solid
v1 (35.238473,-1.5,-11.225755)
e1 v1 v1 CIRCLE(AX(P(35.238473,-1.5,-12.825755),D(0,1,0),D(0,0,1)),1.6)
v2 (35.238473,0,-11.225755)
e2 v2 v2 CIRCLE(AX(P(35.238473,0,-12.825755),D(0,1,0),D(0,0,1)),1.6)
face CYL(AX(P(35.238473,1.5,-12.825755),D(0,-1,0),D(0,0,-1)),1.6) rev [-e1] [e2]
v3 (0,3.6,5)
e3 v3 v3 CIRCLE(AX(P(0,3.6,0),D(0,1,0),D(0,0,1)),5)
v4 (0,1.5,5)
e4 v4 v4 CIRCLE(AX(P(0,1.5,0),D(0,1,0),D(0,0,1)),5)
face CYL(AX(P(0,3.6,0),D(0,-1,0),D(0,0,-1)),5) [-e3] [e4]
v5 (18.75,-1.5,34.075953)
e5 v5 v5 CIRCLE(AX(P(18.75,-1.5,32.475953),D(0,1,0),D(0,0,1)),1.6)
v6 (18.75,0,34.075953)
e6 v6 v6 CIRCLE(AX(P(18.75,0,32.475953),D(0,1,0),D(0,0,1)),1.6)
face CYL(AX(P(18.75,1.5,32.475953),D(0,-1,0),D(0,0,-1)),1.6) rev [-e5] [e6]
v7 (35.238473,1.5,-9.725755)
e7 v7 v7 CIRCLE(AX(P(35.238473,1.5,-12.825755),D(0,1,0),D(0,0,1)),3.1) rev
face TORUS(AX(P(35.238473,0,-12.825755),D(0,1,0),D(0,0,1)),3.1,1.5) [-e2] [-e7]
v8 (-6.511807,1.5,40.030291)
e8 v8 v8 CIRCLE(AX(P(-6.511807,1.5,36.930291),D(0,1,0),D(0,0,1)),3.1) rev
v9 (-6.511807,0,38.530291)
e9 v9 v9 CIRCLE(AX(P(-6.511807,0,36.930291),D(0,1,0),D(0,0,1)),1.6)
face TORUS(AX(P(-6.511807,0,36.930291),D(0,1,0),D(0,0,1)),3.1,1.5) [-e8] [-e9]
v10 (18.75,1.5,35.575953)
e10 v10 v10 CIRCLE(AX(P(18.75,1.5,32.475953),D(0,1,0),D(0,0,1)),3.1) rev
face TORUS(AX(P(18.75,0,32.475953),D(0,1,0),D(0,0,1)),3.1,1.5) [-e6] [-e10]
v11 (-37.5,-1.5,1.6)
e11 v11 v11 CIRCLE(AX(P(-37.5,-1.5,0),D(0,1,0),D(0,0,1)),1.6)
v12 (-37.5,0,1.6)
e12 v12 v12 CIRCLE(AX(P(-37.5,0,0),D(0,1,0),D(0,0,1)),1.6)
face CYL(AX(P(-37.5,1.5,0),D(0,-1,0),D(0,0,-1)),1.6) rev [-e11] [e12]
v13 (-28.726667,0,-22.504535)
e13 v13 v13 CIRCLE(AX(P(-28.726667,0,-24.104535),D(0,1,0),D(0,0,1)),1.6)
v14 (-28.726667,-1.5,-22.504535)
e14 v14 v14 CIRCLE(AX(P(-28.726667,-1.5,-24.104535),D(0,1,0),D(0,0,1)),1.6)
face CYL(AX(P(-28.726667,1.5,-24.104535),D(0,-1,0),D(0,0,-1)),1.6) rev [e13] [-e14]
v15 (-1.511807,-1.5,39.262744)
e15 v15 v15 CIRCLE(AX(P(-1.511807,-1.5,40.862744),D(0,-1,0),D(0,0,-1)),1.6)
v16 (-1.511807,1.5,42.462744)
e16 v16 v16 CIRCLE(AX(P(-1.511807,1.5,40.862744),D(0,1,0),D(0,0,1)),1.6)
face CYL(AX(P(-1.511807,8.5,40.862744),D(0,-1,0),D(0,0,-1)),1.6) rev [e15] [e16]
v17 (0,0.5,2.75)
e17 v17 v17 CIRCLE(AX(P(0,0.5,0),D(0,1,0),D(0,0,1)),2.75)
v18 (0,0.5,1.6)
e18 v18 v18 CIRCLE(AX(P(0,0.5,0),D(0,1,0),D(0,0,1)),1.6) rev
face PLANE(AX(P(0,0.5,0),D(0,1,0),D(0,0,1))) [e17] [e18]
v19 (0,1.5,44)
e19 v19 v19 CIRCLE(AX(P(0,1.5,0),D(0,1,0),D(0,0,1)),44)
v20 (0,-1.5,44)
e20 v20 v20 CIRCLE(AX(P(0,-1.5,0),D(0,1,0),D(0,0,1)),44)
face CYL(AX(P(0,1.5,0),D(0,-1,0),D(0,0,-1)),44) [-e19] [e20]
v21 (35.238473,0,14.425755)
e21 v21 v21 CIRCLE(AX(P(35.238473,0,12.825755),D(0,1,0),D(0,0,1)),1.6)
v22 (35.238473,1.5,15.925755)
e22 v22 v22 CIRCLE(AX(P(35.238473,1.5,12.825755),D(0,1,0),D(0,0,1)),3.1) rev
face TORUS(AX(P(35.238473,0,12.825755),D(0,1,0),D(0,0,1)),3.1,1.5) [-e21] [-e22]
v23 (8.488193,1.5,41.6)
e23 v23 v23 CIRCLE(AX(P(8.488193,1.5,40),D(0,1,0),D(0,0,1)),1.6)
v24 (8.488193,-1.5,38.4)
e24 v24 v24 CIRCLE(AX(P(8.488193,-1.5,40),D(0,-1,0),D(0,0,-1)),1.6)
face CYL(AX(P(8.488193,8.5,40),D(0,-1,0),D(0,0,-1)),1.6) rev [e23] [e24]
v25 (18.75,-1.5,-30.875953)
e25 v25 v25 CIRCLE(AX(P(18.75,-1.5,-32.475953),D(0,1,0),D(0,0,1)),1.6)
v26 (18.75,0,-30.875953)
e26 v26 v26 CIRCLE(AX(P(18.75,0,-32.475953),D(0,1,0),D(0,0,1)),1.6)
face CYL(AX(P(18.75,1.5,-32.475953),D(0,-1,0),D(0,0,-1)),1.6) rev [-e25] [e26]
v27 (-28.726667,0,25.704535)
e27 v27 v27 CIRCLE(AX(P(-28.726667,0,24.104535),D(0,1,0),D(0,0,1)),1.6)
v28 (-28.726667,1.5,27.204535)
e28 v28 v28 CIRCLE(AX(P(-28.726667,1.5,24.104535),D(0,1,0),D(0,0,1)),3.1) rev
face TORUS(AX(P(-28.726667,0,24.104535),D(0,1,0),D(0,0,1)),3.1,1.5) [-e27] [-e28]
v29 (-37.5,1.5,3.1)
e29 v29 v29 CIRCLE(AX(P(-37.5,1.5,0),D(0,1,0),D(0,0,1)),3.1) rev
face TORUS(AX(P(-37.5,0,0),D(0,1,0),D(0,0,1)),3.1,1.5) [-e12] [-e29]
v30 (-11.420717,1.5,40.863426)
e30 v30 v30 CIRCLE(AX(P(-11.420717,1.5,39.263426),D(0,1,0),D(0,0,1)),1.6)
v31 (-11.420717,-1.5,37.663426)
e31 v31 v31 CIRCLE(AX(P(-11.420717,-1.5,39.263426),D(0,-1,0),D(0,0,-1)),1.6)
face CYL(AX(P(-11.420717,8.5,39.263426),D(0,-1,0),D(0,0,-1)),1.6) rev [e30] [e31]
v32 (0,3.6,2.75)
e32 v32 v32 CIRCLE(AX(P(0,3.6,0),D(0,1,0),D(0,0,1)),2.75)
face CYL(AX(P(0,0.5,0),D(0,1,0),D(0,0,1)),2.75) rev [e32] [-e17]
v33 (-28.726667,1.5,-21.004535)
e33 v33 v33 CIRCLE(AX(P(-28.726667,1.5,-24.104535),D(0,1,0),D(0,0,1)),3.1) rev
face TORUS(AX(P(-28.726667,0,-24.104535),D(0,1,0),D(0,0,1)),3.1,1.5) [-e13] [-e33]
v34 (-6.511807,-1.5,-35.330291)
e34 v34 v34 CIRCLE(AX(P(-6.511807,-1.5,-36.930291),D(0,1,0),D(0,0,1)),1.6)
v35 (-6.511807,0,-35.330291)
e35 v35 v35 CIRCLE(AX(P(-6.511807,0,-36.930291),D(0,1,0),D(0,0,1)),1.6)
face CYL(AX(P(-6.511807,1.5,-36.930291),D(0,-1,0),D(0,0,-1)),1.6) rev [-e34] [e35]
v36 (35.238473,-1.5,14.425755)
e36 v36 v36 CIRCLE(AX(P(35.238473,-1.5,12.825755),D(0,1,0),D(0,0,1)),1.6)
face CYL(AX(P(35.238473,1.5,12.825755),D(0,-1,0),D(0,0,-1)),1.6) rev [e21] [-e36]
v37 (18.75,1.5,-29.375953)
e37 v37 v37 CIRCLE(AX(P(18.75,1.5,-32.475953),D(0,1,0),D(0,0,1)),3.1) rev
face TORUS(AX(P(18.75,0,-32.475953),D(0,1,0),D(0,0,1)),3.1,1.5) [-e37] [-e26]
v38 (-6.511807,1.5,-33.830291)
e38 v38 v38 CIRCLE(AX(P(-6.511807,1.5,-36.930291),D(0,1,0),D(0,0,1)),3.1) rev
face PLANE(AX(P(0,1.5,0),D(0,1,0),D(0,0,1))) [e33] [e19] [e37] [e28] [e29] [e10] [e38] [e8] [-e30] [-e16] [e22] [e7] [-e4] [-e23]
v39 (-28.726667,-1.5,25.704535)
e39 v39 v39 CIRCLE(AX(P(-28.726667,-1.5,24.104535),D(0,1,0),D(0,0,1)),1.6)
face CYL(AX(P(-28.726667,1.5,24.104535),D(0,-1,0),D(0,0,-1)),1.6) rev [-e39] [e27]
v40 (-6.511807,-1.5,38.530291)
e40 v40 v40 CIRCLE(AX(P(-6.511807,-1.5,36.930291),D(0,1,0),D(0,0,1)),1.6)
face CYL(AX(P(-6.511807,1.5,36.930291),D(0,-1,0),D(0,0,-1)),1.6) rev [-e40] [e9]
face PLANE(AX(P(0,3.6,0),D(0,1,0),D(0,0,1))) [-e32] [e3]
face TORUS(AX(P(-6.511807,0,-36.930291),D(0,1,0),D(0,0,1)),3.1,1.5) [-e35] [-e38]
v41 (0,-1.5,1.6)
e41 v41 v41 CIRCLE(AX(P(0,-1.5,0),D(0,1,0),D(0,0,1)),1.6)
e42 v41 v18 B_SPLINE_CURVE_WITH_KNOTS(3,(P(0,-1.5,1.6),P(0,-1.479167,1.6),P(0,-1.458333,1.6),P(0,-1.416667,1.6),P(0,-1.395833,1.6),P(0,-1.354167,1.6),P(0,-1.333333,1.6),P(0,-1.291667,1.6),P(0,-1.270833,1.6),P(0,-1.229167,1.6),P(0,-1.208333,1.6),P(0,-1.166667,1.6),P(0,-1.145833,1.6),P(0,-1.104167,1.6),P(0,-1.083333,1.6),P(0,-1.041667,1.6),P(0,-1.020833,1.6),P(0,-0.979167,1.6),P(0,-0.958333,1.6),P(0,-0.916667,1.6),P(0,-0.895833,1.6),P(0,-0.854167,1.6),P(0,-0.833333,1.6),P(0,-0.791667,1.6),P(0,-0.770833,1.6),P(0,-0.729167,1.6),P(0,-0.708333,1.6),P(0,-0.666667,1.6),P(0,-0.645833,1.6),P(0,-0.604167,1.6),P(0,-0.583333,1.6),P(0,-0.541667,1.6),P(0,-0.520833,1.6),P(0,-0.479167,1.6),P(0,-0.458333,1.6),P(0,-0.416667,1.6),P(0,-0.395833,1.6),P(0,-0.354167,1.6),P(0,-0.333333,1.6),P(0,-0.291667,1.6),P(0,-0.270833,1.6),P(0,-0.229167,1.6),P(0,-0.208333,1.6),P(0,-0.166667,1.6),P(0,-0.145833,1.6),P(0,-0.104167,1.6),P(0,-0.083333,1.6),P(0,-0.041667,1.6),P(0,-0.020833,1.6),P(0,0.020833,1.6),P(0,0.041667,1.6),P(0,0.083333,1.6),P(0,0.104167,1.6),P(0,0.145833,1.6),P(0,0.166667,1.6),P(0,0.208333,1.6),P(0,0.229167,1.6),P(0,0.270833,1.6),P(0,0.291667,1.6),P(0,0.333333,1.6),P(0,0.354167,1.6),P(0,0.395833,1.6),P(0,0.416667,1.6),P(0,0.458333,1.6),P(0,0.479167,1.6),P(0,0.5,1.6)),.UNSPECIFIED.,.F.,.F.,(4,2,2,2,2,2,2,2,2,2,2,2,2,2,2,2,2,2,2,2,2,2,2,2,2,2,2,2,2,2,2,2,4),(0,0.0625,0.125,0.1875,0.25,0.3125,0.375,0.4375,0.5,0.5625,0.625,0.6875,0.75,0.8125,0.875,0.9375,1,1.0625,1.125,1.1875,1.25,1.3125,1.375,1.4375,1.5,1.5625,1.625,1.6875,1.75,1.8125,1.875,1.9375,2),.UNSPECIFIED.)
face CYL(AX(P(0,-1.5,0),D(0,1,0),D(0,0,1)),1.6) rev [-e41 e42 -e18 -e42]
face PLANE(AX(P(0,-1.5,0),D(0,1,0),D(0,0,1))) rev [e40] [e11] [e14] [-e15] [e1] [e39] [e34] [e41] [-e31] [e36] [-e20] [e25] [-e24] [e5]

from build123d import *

# Parameters (mm, degrees)
SKETCH_1_R           = 44
SKETCH_1_R_2         = 1.6
SKETCH_1_R_3         = 2
EXTRUDE_1_DEPTH      = 1.5
SKETCH_3_R           = 1.6
CUT_EXTRUDE_4_DEPTH  = 10
EXTRUDE_2_DEPTH      = 10
EXTRUDE_2_DEPTH_BACK = 3
SKETCH_4_R           = 2.4
SKETCH_5_R           = 1.6
CUT_EXTRUDE_5_DEPTH  = 64.568860301
EXTRUDE_START        = 2.1
SKETCH_6_R           = 5
SKETCH_6_R_2         = 1.6
EXTRUDE_3_DEPTH      = 2.1
FILLET_1_R           = 1.5
SKETCH_7_R           = 2.75
CUT_EXTRUDE_6_DEPTH  = 11


with BuildPart() as part:
    # 草图1 → 凸台-拉伸1 (new, symmetric)
    with BuildSketch(Plane(origin=(0, 0, 0), x_dir=(1, 0, 0), z_dir=(0, 1, 0))):
        with Locations(Location((0, 0, 0), (0, 0, 270))):
            Circle(SKETCH_1_R)
        with Locations(Location((-37.5, 0, 0), (0, 0, 270))):
            Circle(SKETCH_1_R_2, mode=Mode.SUBTRACT)
        with Locations(Location((-28.726666617, 24.104535363, 0), (0, 0, 270))):
            Circle(SKETCH_1_R_2, mode=Mode.SUBTRACT)
        with Locations(Location((-6.511806663, 36.930290738, 0), (0, 0, 270))):
            Circle(SKETCH_1_R_2, mode=Mode.SUBTRACT)
        with Locations(Location((18.75, 32.475952642, 0), (0, 0, 270))):
            Circle(SKETCH_1_R_2, mode=Mode.SUBTRACT)
        with Locations(Location((35.238473279, 12.825755375, 0), (0, 0, 270))):
            Circle(SKETCH_1_R_2, mode=Mode.SUBTRACT)
        with Locations(Location((35.238473279, -12.825755375, 0), (0, 0, 270))):
            Circle(SKETCH_1_R_2, mode=Mode.SUBTRACT)
        with Locations(Location((18.75, -32.475952642, 0), (0, 0, 270))):
            Circle(SKETCH_1_R_2, mode=Mode.SUBTRACT)
        with Locations(Location((-6.511806663, -36.930290738, 0), (0, 0, 270))):
            Circle(SKETCH_1_R_2, mode=Mode.SUBTRACT)
        with Locations(Location((-28.726666617, -24.104535363, 0), (0, 0, 270))):
            Circle(SKETCH_1_R_2, mode=Mode.SUBTRACT)
        with Locations(Location((0, 0, 0), (0, 0, 270))):
            Circle(SKETCH_1_R_3, mode=Mode.SUBTRACT)
    extrude(amount=EXTRUDE_1_DEPTH, both=True)

    # 草图3 → 切除-拉伸4 (cut)
    with BuildSketch(Plane.XZ.offset(1.5)):
        with Locations(Location((8.488193337, 40, 0), (0, 0, 270))):
            Circle(SKETCH_3_R)
        with Locations(Location((-1.511806663, 40.862744239, 0), (0, 0, 270))):
            Circle(SKETCH_3_R)
        with Locations(Location((-11.420717282, 39.263426275, 0), (0, 0, 270))):
            Circle(SKETCH_3_R)
    extrude(amount=-CUT_EXTRUDE_4_DEPTH, mode=Mode.SUBTRACT)

    # 草图4 → 凸台-拉伸2 (add, two sides: drawn at the far end of the back side and taken through both)
    with BuildSketch(Plane(origin=(0, 1.5, 0), x_dir=(1, 0, 0), z_dir=(0, 1, 0)).offset(-EXTRUDE_2_DEPTH_BACK)):
        with Locations(Location((0, 0, 0), (0, 0, 270))):
            Circle(SKETCH_4_R)
    extrude(amount=EXTRUDE_2_DEPTH + EXTRUDE_2_DEPTH_BACK)

    # 草图5 → 切除-拉伸5 (cut, through all)
    with BuildSketch(Plane(origin=(0, 11.5, 0), x_dir=(1, 0, 0), z_dir=(0, 1, 0))):
        with Locations(Location((0, 0, 0), (0, 0, 270))):
            Circle(SKETCH_5_R)
    extrude(amount=-CUT_EXTRUDE_5_DEPTH, mode=Mode.SUBTRACT)

    # 草图6 → 凸台-拉伸3 (add)
    with BuildSketch(Plane(origin=(0, 1.5, 0), x_dir=(1, 0, 0), z_dir=(0, 1, 0)).offset(EXTRUDE_START)):
        with Locations(Location((0, 0, 0), (0, 0, 270))):
            Circle(SKETCH_6_R)
        with Locations(Location((0, 0, 0), (0, 0, 270))):
            Circle(SKETCH_6_R_2, mode=Mode.SUBTRACT)
    extrude(amount=-EXTRUDE_3_DEPTH)

    # 圆角1
    fillet_1_edges = [part.edges().sort_by_distance(p)[0] for p in [
        (-28.726666617, 1.5, -25.704535363),
        (-6.511806663, 1.5, -38.530290738),
        (18.75, 1.5, -34.075952642),
        (35.238473279, 1.5, -14.425755375),
        (35.238473279, 1.5, 11.225755375),
        (18.75, 1.5, 30.875952642),
        (-6.511806663, 1.5, 35.330290738),
        (-28.726666617, 1.5, 22.504535363),
        (-37.5, 1.5, -1.6),
    ]]
    fillet(fillet_1_edges, radius=FILLET_1_R)

    # 草图7 → 切除-拉伸6 (cut)
    with BuildSketch(Plane(origin=(0, 11.5, 0), x_dir=(1, 0, 0), z_dir=(0, 1, 0))):
        with Locations(Location((0, 0, 0), (0, 0, 270))):
            Circle(SKETCH_7_R)
    extrude(amount=-CUT_EXTRUDE_6_DEPTH, mode=Mode.SUBTRACT)


solid = part.part
